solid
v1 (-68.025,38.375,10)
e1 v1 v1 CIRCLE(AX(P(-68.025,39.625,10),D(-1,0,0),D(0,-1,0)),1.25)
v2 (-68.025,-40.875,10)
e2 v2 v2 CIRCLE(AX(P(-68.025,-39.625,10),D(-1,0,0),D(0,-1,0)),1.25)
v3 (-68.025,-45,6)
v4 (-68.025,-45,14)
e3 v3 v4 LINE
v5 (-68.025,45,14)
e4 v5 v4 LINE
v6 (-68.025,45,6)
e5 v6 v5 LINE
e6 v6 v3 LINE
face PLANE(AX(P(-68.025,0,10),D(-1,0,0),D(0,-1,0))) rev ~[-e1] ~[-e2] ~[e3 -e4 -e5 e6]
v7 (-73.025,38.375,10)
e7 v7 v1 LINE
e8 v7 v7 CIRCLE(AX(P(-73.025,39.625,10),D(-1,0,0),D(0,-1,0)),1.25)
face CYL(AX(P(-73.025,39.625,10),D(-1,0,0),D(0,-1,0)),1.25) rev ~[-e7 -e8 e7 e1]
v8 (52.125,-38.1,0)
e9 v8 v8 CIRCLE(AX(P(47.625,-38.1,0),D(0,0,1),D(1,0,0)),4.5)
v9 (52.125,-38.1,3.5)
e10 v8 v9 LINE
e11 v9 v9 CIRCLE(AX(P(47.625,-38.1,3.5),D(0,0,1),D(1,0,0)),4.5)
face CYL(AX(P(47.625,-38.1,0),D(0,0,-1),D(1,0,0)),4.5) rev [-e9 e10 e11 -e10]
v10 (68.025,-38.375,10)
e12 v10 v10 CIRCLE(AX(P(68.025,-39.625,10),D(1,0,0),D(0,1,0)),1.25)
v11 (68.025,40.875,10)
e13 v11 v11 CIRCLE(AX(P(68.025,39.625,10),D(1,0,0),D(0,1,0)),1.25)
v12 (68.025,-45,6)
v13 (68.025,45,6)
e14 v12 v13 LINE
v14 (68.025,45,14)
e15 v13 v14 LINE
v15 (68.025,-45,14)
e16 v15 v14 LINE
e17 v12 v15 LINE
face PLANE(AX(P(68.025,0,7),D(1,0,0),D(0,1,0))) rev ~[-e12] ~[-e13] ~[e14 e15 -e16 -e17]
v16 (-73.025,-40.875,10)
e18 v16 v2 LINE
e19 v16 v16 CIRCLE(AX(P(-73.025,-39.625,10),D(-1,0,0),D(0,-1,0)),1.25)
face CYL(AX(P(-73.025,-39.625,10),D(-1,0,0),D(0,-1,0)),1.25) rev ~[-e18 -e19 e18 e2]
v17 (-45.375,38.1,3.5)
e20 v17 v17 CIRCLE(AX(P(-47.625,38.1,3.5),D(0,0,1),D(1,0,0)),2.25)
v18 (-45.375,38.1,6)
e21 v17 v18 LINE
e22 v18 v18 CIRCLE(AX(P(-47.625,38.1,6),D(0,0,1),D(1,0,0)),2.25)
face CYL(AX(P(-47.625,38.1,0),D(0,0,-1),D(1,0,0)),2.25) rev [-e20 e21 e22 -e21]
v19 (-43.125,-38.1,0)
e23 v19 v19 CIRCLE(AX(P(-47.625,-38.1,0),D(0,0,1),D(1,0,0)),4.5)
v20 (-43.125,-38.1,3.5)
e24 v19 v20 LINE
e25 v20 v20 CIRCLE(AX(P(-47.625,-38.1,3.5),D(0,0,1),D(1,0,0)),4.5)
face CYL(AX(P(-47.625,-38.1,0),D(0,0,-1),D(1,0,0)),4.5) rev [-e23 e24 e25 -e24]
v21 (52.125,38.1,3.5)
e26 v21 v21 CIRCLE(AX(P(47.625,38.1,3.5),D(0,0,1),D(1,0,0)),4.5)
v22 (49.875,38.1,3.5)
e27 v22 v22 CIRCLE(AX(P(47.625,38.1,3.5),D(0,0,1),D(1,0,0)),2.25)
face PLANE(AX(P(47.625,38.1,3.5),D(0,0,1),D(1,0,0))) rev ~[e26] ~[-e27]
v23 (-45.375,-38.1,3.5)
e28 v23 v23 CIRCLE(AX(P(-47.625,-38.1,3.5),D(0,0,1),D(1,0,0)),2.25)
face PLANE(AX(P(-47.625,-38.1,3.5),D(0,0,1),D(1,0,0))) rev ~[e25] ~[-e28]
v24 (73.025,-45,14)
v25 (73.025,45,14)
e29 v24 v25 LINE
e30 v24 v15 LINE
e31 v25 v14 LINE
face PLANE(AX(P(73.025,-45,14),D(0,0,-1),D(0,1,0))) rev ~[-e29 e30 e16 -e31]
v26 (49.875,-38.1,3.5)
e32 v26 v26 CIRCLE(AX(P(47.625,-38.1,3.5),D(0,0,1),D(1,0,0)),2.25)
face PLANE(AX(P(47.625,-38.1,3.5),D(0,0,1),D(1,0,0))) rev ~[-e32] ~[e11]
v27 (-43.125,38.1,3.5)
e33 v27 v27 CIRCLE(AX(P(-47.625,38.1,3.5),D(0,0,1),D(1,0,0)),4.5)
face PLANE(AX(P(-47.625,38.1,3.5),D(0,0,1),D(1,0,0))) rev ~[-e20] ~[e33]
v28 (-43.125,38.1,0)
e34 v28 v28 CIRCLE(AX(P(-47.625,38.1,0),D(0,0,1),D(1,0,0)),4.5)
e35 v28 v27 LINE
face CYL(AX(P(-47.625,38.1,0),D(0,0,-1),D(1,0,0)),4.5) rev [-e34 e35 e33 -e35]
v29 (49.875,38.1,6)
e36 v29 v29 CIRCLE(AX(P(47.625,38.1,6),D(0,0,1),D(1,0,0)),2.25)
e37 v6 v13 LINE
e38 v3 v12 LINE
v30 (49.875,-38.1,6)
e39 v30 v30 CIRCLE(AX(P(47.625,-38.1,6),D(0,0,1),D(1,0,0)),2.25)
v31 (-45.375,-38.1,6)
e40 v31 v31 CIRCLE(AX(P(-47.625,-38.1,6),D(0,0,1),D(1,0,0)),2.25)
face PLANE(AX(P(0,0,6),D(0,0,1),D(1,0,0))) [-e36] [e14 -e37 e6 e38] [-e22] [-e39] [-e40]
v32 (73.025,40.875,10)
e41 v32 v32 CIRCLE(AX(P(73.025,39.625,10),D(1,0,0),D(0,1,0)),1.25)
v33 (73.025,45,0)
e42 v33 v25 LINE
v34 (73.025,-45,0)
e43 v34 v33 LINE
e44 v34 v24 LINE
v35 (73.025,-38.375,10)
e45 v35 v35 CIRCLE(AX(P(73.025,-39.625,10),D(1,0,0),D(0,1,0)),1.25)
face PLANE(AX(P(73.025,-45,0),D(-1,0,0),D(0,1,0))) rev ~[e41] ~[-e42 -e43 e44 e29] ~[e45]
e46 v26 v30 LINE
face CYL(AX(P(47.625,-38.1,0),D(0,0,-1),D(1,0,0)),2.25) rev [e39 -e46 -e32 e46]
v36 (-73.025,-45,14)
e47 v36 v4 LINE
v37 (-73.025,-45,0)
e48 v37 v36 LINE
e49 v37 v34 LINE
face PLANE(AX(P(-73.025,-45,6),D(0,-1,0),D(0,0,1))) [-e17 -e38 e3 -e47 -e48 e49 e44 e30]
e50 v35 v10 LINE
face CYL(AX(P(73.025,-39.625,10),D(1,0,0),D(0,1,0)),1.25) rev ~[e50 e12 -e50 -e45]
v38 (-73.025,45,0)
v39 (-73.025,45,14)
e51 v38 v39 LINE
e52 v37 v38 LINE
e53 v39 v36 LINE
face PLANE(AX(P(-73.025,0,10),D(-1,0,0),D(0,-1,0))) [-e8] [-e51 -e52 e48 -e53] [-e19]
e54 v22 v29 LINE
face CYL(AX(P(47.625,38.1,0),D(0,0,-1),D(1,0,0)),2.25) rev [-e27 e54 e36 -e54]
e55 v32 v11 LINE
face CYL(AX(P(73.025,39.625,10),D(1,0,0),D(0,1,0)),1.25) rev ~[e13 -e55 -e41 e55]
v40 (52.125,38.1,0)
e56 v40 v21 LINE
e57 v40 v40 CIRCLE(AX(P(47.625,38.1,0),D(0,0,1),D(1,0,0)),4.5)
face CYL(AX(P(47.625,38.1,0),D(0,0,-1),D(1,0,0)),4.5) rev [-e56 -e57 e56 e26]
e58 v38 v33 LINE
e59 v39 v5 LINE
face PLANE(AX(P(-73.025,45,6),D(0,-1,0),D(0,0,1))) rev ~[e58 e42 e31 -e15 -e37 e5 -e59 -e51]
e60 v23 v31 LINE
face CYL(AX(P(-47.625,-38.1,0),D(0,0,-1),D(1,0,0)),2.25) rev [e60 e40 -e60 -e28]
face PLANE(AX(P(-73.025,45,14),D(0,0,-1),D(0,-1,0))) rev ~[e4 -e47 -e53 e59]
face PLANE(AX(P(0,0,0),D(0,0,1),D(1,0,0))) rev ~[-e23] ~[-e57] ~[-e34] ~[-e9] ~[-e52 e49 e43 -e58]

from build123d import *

# Parameters (mm, degrees)
F0_W     = 146.05
F0_H     = 90
F0_R     = 4.5
F0_R_2   = 2.25
F1_DEPTH = 6
F2_DEPTH = 3.5
F3_W     = 90
F3_H     = 14
F3_R     = 1.25
F4_DEPTH = 5
F5_W     = 90
F5_H     = 8
F5_R     = 1.25
F6_DEPTH = 5


with BuildPart() as f1:
    # F0 (on Top) → F1 (new body)
    with BuildSketch(Plane.XY):
        Rectangle(F0_W, F0_H)
        with Locations((-47.625, -38.1)):
            Circle(F0_R, mode=Mode.SUBTRACT)
        with Locations((47.625, -38.1)):
            Circle(F0_R, mode=Mode.SUBTRACT)
        with Locations((-47.625, 38.1)):
            Circle(F0_R, mode=Mode.SUBTRACT)
        with Locations((47.625, 38.1)):
            Circle(F0_R, mode=Mode.SUBTRACT)
        with Locations((-47.625, 38.1)):
            Circle(F0_R)
        with Locations((-47.625, 38.1)):
            Circle(F0_R_2, mode=Mode.SUBTRACT)
        with Locations((-47.625, -38.1)):
            Circle(F0_R)
        with Locations((-47.625, -38.1)):
            Circle(F0_R_2, mode=Mode.SUBTRACT)
        with Locations((47.625, -38.1)):
            Circle(F0_R)
        with Locations((47.625, -38.1)):
            Circle(F0_R_2, mode=Mode.SUBTRACT)
        with Locations((47.625, 38.1)):
            Circle(F0_R)
        with Locations((47.625, 38.1)):
            Circle(F0_R_2, mode=Mode.SUBTRACT)
    extrude(amount=F1_DEPTH)

    # F0 (on Top) → F2 (cut)
    with BuildSketch(Plane.XY):
        with Locations((-47.625, 38.1)):
            Circle(F0_R)
        with Locations((-47.625, 38.1)):
            Circle(F0_R_2, mode=Mode.SUBTRACT)
        with Locations((-47.625, -38.1)):
            Circle(F0_R)
        with Locations((-47.625, -38.1)):
            Circle(F0_R_2, mode=Mode.SUBTRACT)
        with Locations((47.625, -38.1)):
            Circle(F0_R)
        with Locations((47.625, -38.1)):
            Circle(F0_R_2, mode=Mode.SUBTRACT)
        with Locations((47.625, 38.1)):
            Circle(F0_R)
        with Locations((47.625, 38.1)):
            Circle(F0_R_2, mode=Mode.SUBTRACT)
    extrude(amount=F2_DEPTH, mode=Mode.SUBTRACT)

    # F3 (on face) → F4 (join)
    with BuildSketch(Plane.YZ.offset(73.025)):
        with Locations((0, 7)):
            Rectangle(F3_W, F3_H)
        with Locations((-39.625, 10)):
            Circle(F3_R, mode=Mode.SUBTRACT)
        with Locations((39.625, 10)):
            Circle(F3_R, mode=Mode.SUBTRACT)
    extrude(amount=-F4_DEPTH)

    # F5 (on face) → F6 (join)
    with BuildSketch(Plane(origin=(-73.025, 0, 0), x_dir=(0, -1, 0), z_dir=(-1, 0, 0))):
        with Locations((0, 10)):
            Rectangle(F5_W, F5_H)
        with Locations((-39.625, 10)):
            Circle(F5_R, mode=Mode.SUBTRACT)
        with Locations((39.625, 10)):
            Circle(F5_R, mode=Mode.SUBTRACT)
    extrude(amount=-F6_DEPTH)


solid = f1.part
